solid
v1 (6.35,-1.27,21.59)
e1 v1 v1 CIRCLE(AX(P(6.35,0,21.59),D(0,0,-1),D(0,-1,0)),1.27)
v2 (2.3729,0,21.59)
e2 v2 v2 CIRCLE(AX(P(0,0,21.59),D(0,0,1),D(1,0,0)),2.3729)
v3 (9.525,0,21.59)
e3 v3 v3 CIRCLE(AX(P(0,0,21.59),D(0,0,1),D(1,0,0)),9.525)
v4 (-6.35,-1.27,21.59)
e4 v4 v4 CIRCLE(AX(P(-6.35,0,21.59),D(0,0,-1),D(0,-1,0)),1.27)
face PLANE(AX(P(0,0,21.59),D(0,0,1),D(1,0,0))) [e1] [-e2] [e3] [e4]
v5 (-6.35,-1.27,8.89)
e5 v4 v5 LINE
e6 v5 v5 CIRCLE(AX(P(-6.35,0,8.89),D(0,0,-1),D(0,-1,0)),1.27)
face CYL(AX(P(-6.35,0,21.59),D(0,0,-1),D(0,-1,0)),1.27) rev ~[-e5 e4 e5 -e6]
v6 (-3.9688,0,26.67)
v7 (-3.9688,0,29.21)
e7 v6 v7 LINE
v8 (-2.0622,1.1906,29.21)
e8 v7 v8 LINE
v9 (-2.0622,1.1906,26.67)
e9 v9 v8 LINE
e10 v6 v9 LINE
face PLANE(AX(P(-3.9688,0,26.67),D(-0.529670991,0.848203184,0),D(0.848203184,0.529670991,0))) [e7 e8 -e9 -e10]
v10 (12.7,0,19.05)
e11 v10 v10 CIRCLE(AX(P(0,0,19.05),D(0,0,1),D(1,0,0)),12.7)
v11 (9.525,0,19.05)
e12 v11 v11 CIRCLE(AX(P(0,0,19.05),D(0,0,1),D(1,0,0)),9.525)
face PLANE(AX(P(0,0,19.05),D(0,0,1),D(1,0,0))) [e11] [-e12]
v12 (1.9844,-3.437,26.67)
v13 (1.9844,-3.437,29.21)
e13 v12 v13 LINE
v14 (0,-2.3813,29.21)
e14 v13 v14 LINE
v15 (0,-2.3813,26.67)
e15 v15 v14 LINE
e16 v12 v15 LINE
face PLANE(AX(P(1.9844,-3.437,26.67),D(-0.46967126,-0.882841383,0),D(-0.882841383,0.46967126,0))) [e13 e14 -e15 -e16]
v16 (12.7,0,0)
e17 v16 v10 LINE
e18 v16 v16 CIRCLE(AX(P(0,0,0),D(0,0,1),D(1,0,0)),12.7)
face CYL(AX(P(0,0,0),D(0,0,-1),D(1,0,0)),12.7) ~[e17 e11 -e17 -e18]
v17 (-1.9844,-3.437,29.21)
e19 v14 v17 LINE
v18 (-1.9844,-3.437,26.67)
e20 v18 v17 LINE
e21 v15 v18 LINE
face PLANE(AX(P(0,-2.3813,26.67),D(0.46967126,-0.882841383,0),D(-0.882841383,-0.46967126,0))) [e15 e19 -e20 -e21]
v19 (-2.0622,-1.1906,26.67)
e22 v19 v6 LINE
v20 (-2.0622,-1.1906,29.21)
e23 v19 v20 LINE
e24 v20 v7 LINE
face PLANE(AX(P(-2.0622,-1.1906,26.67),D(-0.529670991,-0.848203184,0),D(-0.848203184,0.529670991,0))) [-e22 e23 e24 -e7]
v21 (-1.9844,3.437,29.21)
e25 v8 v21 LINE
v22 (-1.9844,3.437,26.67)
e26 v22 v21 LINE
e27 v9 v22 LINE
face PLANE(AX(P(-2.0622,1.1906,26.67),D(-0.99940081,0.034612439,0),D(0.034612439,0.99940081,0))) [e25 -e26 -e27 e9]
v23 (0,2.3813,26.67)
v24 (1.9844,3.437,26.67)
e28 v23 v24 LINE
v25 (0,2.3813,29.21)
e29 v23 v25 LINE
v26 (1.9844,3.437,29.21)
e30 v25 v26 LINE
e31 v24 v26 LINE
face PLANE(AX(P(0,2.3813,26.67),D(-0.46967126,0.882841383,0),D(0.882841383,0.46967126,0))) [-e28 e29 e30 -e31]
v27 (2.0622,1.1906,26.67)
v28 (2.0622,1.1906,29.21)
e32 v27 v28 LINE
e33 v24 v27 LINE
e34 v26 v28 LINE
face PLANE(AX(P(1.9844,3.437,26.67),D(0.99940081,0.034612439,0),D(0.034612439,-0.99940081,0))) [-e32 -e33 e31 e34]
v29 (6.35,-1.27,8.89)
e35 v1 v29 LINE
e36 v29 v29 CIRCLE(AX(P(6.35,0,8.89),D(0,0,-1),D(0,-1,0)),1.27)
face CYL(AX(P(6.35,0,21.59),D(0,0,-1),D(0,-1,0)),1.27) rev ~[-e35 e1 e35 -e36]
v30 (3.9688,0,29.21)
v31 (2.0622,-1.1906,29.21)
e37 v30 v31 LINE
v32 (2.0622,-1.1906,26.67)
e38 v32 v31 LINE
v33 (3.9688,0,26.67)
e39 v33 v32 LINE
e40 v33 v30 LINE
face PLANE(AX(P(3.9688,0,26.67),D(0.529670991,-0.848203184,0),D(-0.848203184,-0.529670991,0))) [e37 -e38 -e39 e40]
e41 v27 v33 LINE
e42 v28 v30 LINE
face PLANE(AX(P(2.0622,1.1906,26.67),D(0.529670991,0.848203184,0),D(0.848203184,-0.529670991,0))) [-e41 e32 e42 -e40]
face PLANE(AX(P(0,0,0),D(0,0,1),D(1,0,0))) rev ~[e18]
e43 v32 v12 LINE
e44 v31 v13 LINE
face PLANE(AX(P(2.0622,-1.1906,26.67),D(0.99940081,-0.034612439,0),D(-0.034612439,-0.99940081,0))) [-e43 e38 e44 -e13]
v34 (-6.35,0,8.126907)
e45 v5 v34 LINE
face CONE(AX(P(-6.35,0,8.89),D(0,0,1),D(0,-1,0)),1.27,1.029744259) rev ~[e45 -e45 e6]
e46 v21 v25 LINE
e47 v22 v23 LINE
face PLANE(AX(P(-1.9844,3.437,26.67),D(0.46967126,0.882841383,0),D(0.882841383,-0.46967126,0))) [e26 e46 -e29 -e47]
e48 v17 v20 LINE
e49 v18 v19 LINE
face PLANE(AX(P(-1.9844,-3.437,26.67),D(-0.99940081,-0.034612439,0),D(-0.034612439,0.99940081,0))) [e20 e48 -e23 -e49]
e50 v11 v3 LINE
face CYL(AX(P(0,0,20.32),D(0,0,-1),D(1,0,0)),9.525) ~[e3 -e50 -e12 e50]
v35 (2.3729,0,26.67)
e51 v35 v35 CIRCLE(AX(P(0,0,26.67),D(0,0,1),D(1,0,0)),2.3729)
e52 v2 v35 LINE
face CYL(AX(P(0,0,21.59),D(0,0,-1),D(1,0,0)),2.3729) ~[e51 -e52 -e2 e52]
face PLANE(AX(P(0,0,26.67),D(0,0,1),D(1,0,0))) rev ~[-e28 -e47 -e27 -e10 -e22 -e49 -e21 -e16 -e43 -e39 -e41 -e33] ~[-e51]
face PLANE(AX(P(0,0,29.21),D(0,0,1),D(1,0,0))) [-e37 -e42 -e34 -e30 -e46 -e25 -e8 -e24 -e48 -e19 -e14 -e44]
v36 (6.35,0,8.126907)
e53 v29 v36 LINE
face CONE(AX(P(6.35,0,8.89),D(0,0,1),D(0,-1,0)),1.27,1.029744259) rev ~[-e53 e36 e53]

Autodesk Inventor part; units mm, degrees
ref_plane "YZ Plane" through (0, 0, 0) normal (1, 0, 0) x (0, 1, 0)
ref_plane "XZ Plane" through (0, 0, 0) normal (0, 1, 0) x (-1, 0, 0)
sketch "Sketch1" plane through (0, 0, 0) normal (0, 0, 1) x (1, 0, 0)
  circle A0 centre (0, 0) radius 12.7
  dimension "d0" = 25.4
extrude "Extrusion1" add sketch "Sketch1" along normal blind 19.05
sketch "Sketch2" plane through (0, 0, 19.05) normal (0, 0, 1) x (1, 0, 0)
  circle A0 centre (0, 0) radius 9.525
  dimension "d3" = 19.05
extrude "Extrusion2" add sketch "Sketch2" along normal blind 1.27
sketch "Sketch3" plane through (0, 0, 20.32) normal (0, 0, 1) x (1, 0, 0)
  circle A0 centre (0, 0) radius 9.525
  dimension "d6" = 19.05
extrude "Extrusion3" add sketch "Sketch3" along normal blind 1.27
sketch "Sketch4" plane through (0, 0, 21.59) normal (0, 0, 1) x (1, 0, 0)
  circle A0 centre (0, 0) radius 2.3729
extrude "Extrusion4" add sketch "Sketch4" along normal blind 5.08
ref_plane "Work Plane1" through (0, 0, 26.67) normal (0, 0, 1) x (1, 0, 0)
sketch "Sketch10" plane through (0, 0, 26.67) normal (0, 0, 1) x (1, 0, 0)
  circle A0 centre (0, 0) radius 2.3813 construction
  circle A1 centre (0, 0) radius 3.9688 construction
  line L0 (0, 4.2939) -> (0, -5.5705) construction
  line L1 (6.3712, 0) -> (-7.3964, 0) construction
  line L2 (0, 2.3813) -> (1.9844, 3.437)
  line L3 (1.9844, 3.437) -> (2.0622, 1.1906)
  line L4 (-2.0622, 1.1906) -> (-1.9844, 3.437)
  line L5 (-1.9844, 3.437) -> (0, 2.3813)
  line L6 (-2.0622, -1.1906) -> (-3.9688, 0)
  line L7 (-3.9688, 0) -> (-2.0622, 1.1906)
  line L8 (0, -2.3813) -> (-1.9844, -3.437)
  line L9 (-1.9844, -3.437) -> (-2.0622, -1.1906)
  line L10 (2.0622, -1.1906) -> (1.9844, -3.437)
  line L11 (1.9844, -3.437) -> (0, -2.3813)
  line L12 (2.0622, 1.1906) -> (3.9688, 0)
  line L13 (3.9688, 0) -> (2.0622, -1.1906)
  line L14 (-2.0622, -1.1906) -> (0, -2.3813)
  line L15 (0, -2.3813) -> (2.0622, -1.1906)
  line L16 (2.0622, -1.1906) -> (2.0622, 1.1906)
  line L17 (2.0622, 1.1906) -> (0, 2.3813)
  line L18 (0, 2.3813) -> (-2.0622, 1.1906)
  line L19 (-2.0622, 1.1906) -> (-2.0622, -1.1906)
  line L20 (-2.0622, 1.1906) -> (0, 2.3813)
  line L21 (2.0622, 1.1906) -> (0, 2.3813)
  line L22 (2.0622, 1.1906) -> (2.0622, -1.1906)
  line L23 (2.0622, -1.1906) -> (0, -2.3813)
  line L24 (0, -2.3813) -> (-2.0622, -1.1906)
  line L25 (-2.0622, -1.1906) -> (-2.0622, 1.1906)
  line L26 (-3.9688, 0) -> (-2.0622, 1.1906)
  line L27 (-2.0622, -1.1906) -> (-2.0622, 1.1906)
  line L28 (-2.0622, -1.1906) -> (-3.9688, 0)
  line L29 (0, -2.3813) -> (-1.9844, -3.437)
  line L30 (-1.9844, -3.437) -> (-2.0622, -1.1906)
  line L31 (-2.0622, -1.1906) -> (0, -2.3812)
  line L32 (2.0622, -1.1906) -> (1.9844, -3.437)
  line L33 (1.9844, -3.437) -> (0, -2.3813)
  line L34 (0, -2.3812) -> (2.0622, -1.1906)
  line L35 (2.0622, 1.1906) -> (3.9688, 0)
  line L36 (3.9688, 0) -> (2.0622, -1.1906)
  line L37 (2.0622, -1.1906) -> (2.0622, 1.1906)
  line L38 (0, 2.3813) -> (1.9844, 3.437)
  line L39 (1.9844, 3.437) -> (2.0622, 1.1906)
  line L40 (2.0622, 1.1906) -> (0, 2.3813)
  line L41 (-2.0622, 1.1906) -> (-1.9844, 3.437)
  line L42 (-1.9844, 3.437) -> (0, 2.3813)
  line L43 (0, 2.3813) -> (-2.0622, 1.1906)
  line L44 (-2.0622, 1.1906) -> (0, 2.3813)
  line L45 (0, 2.3813) -> (-1.9844, 3.437)
  line L46 (-1.9844, 3.437) -> (-2.0622, 1.1906)
  line L47 (0, 2.3813) -> (1.9844, 3.437)
  line L48 (1.9844, 3.437) -> (2.0622, 1.1906)
  line L49 (0, 2.3813) -> (2.0622, 1.1906)
  line L50 (2.0622, 1.1906) -> (2.0622, -1.1906)
  line L51 (2.0622, -1.1906) -> (3.9688, 0)
  line L52 (3.9688, 0) -> (2.0622, 1.1906)
  line L53 (2.0622, -1.1906) -> (0, -2.3812)
  line L54 (0, -2.3812) -> (1.9844, -3.437)
  line L55 (1.9844, -3.437) -> (2.0622, -1.1906)
  line L56 (0, -2.3812) -> (-1.9844, -3.437)
  line L57 (-2.0622, -1.1906) -> (-1.9844, -3.437)
  line L58 (-2.0622, -1.1906) -> (0, -2.3812)
  line L59 (-2.0622, -1.1906) -> (-2.0622, 1.1906)
  line L60 (-2.0622, 1.1906) -> (-3.9688, 0)
  line L61 (-3.9688, 0) -> (-2.0622, -1.1906)
  point P0 (3.9688, 0)
  point P1 (-1.9844, 3.437)
  point P2 (-3.9688, 0)
  point P3 (-1.9844, -3.437)
  point P4 (1.9844, -3.437)
  dimension "d26" = 4.7625
  dimension "d27" = 7.9375
  dimension "d30" = 360
  dimension "d34" = 360
  dimension "d38" = 360
  dimension "d42" = 360
extrude "Extrusion10" add sketch "Sketch10" along normal blind 2.54
sketch "Sketch11" plane through (0, 0, 21.59) normal (0, 0, 1) x (1, 0, 0)
  point P0 (0, 0)
  point P1 (-6.35, 0)
  point P2 (6.35, 0)
  dimension "d46" = 6.35
  dimension "d47" = 6.35
hole "Hole1" at (-6.35, 0, 21.59) at (6.35, 0, 21.59) direction (0, 0, -1) diameter 2.54 depth 12.7 tip angle 118
properties part number "000109"
